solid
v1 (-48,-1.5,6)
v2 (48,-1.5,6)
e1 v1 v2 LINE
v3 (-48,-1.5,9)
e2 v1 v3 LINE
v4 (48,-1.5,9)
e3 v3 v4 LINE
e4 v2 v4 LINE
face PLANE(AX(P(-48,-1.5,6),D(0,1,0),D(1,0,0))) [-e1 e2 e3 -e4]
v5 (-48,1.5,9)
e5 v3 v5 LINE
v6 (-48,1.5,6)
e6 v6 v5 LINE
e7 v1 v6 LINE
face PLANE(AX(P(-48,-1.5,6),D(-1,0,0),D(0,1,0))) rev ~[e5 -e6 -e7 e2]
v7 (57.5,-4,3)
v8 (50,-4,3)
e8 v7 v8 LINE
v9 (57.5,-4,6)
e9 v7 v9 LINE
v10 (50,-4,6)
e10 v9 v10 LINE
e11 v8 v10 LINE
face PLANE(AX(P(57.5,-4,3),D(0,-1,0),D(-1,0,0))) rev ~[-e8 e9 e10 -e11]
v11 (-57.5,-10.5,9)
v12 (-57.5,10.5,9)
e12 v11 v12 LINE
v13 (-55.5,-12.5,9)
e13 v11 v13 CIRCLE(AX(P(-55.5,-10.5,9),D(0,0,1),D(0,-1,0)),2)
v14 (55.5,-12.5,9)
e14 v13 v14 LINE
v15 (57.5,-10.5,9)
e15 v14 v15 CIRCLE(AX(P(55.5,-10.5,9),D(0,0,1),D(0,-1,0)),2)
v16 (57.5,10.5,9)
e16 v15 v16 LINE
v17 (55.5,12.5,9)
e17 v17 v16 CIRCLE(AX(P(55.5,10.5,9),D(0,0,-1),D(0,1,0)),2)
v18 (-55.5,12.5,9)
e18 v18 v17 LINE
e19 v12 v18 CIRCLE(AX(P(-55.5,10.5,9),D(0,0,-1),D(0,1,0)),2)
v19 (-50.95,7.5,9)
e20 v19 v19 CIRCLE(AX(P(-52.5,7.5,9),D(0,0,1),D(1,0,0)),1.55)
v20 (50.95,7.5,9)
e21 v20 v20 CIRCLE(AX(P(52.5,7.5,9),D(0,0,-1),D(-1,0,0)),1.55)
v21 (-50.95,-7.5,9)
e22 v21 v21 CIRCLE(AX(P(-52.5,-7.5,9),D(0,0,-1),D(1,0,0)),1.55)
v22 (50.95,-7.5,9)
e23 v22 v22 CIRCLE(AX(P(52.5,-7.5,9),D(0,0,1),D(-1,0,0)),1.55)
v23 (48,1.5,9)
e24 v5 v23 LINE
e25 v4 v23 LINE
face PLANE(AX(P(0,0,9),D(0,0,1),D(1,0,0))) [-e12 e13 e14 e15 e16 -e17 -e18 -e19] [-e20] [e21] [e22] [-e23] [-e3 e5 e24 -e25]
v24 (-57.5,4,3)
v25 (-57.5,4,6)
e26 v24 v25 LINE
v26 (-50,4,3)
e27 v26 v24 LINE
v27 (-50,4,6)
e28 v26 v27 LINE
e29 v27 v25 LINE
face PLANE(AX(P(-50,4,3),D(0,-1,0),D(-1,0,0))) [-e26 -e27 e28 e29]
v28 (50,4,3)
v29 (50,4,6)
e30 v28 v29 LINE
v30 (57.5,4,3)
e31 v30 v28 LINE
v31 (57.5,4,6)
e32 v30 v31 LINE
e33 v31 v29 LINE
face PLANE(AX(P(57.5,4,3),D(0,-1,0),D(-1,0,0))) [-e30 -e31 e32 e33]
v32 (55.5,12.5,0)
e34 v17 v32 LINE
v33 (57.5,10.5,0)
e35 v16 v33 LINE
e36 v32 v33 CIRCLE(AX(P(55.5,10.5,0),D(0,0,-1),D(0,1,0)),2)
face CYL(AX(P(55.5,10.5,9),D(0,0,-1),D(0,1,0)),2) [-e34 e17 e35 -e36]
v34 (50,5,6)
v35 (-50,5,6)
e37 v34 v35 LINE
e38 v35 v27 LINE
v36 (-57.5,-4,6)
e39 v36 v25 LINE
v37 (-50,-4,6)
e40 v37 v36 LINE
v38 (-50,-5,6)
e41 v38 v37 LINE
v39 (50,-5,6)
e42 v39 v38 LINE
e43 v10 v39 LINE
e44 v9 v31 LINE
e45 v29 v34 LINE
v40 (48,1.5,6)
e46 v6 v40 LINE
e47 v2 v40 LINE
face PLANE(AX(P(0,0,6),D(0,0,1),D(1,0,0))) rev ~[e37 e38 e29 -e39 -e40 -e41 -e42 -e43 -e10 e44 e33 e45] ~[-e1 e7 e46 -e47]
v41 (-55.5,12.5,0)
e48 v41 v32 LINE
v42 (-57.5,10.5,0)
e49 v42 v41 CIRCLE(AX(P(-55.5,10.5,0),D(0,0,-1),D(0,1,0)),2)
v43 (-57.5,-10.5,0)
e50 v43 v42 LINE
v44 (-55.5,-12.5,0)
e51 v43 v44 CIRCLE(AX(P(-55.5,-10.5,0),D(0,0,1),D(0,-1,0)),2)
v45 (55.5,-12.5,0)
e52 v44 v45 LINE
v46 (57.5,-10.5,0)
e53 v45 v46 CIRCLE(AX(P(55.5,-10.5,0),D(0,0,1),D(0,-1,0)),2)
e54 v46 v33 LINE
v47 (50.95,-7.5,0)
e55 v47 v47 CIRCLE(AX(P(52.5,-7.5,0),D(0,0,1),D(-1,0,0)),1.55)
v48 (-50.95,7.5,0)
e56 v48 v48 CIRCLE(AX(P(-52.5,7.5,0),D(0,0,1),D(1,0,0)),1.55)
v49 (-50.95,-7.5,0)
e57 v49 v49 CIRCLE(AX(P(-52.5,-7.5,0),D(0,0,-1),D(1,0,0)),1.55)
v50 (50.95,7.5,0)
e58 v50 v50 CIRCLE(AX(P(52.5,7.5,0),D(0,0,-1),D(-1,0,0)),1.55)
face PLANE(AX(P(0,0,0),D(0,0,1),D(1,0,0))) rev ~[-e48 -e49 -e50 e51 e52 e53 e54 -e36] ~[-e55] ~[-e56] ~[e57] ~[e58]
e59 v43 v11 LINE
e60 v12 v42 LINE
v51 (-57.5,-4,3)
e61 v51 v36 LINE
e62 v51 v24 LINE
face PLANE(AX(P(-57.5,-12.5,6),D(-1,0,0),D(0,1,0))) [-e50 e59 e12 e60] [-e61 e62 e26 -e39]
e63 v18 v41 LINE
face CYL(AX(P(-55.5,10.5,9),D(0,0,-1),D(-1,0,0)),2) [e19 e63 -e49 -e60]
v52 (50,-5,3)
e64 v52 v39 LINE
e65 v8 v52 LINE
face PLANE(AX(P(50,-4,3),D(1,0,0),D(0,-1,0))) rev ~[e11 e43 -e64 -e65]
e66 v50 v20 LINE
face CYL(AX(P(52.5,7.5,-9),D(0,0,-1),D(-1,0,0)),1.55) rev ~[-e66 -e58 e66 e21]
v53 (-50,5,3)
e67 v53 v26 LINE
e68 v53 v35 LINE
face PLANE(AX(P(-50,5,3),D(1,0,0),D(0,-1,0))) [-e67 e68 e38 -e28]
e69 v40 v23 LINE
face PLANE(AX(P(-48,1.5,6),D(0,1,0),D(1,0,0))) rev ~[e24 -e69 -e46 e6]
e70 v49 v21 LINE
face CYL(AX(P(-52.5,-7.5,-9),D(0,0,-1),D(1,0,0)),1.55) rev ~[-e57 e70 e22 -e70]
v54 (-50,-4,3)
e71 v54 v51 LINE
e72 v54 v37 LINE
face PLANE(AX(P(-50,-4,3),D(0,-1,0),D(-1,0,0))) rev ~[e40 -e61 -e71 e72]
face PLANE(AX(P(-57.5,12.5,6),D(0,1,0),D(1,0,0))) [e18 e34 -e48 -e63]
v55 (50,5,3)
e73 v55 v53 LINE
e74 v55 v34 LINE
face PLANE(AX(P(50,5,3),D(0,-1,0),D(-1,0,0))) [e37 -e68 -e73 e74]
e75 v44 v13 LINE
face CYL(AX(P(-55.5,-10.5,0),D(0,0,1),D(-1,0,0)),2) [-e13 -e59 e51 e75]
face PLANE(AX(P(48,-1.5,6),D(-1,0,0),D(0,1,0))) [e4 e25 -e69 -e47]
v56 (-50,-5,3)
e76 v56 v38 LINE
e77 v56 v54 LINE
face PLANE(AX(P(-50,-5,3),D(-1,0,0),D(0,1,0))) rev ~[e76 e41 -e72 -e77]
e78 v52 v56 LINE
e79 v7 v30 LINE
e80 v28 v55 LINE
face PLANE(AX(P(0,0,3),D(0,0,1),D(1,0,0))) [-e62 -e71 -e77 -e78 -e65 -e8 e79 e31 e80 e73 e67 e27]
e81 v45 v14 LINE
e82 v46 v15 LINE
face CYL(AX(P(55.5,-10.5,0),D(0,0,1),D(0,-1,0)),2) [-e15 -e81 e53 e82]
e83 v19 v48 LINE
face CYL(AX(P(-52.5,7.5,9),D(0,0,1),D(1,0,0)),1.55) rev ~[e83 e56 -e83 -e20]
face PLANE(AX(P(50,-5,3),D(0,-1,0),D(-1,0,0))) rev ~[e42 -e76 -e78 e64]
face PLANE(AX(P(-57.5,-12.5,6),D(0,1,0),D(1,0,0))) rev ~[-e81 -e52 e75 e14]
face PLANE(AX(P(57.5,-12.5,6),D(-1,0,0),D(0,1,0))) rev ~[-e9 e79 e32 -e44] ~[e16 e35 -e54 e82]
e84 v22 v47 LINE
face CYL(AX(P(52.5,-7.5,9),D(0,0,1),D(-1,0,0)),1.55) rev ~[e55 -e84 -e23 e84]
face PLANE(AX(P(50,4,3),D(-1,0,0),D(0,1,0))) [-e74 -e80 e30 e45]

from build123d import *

# Parameters (mm, degrees)
SKETCH_W              = 115
SKETCH_H              = 25
PAD_DEPTH             = 3
PAD001_DEPTH          = 3
SKETCH002_W           = 115
SKETCH002_H           = 25
SKETCH002_W_2         = 96
SKETCH002_H_2         = 3
PAD002_DEPTH          = 3
SKETCH003_R           = 1.55
POCKET_DEPTH          = 245.060315
POLARPATTERN_COUNT    = 2
POLARPATTERN001_COUNT = 2
POLARPATTERN002_COUNT = 2
FILLET_R              = 2


with BuildPart() as part:
    # Sketch → Pad (new body)
    with BuildSketch(Plane.XY):
        Rectangle(SKETCH_W, SKETCH_H)
    extrude(amount=PAD_DEPTH)

    # Sketch001 (on Face6 of Pad) → Pad001 (join)
    with BuildSketch(Plane.XY.offset(3)):
        Polygon((-57.5, 12.5), (57.5, 12.5), (57.5, 4), (50, 4), (50, 5), (-50, 5), (-50, 4), (-57.5, 4), align=None)
        Polygon((-57.5, -12.5), (57.5, -12.5), (57.5, -4), (50, -4), (50, -5), (-50, -5), (-50, -4), (-57.5, -4), align=None)
    extrude(amount=PAD001_DEPTH)

    # Sketch002 (on Face12 of Pad001) → Pad002 (join)
    with BuildSketch(Plane.XY.offset(6)):
        Rectangle(SKETCH002_W, SKETCH002_H)
        Rectangle(SKETCH002_W_2, SKETCH002_H_2, mode=Mode.SUBTRACT)
    extrude(amount=PAD002_DEPTH)

    # Sketch003 (on Face26 of Pad002) → Pocket (cut, through all)
    with BuildSketch(Plane.XY.offset(9)):
        with Locations((-52.5, 7.5)):
            Circle(SKETCH003_R)
    pocket = extrude(amount=-POCKET_DEPTH, mode=Mode.SUBTRACT)

    # PolarPattern: Pocket ×2 about axis
    polarpattern_axis = Axis((0, 0, 0), (0, 1, 0))
    for i in range(1, POLARPATTERN_COUNT):
        add(pocket.rotate(polarpattern_axis, i * 360 / POLARPATTERN_COUNT), mode=Mode.SUBTRACT)

    # PolarPattern001: Pocket ×2 about axis
    polarpattern001_axis = Axis((0, 0, 0), (1, 0, 0))
    for i in range(1, POLARPATTERN001_COUNT):
        add(pocket.rotate(polarpattern001_axis, i * 360 / POLARPATTERN001_COUNT), mode=Mode.SUBTRACT)

    # PolarPattern002: Pocket ×2 about axis
    polarpattern002_axis = Axis((0, 0, 9), (0, 0, 1))
    for i in range(1, POLARPATTERN002_COUNT):
        add(pocket.rotate(polarpattern002_axis, i * 360 / POLARPATTERN002_COUNT), mode=Mode.SUBTRACT)

    # Fillet
    fillet_edges = [part.edges().sort_by_distance(p)[0] for p in [
        (57.5, 12.5, 7.5),
        (57.5, 12.5, 4.5),
        (57.5, 12.5, 1.5),
        (57.5, -12.5, 7.5),
        (-57.5, 12.5, 7.5),
        (-57.5, -12.5, 7.5),
    ]]
    fillet(fillet_edges, radius=FILLET_R)


solid = part.part
